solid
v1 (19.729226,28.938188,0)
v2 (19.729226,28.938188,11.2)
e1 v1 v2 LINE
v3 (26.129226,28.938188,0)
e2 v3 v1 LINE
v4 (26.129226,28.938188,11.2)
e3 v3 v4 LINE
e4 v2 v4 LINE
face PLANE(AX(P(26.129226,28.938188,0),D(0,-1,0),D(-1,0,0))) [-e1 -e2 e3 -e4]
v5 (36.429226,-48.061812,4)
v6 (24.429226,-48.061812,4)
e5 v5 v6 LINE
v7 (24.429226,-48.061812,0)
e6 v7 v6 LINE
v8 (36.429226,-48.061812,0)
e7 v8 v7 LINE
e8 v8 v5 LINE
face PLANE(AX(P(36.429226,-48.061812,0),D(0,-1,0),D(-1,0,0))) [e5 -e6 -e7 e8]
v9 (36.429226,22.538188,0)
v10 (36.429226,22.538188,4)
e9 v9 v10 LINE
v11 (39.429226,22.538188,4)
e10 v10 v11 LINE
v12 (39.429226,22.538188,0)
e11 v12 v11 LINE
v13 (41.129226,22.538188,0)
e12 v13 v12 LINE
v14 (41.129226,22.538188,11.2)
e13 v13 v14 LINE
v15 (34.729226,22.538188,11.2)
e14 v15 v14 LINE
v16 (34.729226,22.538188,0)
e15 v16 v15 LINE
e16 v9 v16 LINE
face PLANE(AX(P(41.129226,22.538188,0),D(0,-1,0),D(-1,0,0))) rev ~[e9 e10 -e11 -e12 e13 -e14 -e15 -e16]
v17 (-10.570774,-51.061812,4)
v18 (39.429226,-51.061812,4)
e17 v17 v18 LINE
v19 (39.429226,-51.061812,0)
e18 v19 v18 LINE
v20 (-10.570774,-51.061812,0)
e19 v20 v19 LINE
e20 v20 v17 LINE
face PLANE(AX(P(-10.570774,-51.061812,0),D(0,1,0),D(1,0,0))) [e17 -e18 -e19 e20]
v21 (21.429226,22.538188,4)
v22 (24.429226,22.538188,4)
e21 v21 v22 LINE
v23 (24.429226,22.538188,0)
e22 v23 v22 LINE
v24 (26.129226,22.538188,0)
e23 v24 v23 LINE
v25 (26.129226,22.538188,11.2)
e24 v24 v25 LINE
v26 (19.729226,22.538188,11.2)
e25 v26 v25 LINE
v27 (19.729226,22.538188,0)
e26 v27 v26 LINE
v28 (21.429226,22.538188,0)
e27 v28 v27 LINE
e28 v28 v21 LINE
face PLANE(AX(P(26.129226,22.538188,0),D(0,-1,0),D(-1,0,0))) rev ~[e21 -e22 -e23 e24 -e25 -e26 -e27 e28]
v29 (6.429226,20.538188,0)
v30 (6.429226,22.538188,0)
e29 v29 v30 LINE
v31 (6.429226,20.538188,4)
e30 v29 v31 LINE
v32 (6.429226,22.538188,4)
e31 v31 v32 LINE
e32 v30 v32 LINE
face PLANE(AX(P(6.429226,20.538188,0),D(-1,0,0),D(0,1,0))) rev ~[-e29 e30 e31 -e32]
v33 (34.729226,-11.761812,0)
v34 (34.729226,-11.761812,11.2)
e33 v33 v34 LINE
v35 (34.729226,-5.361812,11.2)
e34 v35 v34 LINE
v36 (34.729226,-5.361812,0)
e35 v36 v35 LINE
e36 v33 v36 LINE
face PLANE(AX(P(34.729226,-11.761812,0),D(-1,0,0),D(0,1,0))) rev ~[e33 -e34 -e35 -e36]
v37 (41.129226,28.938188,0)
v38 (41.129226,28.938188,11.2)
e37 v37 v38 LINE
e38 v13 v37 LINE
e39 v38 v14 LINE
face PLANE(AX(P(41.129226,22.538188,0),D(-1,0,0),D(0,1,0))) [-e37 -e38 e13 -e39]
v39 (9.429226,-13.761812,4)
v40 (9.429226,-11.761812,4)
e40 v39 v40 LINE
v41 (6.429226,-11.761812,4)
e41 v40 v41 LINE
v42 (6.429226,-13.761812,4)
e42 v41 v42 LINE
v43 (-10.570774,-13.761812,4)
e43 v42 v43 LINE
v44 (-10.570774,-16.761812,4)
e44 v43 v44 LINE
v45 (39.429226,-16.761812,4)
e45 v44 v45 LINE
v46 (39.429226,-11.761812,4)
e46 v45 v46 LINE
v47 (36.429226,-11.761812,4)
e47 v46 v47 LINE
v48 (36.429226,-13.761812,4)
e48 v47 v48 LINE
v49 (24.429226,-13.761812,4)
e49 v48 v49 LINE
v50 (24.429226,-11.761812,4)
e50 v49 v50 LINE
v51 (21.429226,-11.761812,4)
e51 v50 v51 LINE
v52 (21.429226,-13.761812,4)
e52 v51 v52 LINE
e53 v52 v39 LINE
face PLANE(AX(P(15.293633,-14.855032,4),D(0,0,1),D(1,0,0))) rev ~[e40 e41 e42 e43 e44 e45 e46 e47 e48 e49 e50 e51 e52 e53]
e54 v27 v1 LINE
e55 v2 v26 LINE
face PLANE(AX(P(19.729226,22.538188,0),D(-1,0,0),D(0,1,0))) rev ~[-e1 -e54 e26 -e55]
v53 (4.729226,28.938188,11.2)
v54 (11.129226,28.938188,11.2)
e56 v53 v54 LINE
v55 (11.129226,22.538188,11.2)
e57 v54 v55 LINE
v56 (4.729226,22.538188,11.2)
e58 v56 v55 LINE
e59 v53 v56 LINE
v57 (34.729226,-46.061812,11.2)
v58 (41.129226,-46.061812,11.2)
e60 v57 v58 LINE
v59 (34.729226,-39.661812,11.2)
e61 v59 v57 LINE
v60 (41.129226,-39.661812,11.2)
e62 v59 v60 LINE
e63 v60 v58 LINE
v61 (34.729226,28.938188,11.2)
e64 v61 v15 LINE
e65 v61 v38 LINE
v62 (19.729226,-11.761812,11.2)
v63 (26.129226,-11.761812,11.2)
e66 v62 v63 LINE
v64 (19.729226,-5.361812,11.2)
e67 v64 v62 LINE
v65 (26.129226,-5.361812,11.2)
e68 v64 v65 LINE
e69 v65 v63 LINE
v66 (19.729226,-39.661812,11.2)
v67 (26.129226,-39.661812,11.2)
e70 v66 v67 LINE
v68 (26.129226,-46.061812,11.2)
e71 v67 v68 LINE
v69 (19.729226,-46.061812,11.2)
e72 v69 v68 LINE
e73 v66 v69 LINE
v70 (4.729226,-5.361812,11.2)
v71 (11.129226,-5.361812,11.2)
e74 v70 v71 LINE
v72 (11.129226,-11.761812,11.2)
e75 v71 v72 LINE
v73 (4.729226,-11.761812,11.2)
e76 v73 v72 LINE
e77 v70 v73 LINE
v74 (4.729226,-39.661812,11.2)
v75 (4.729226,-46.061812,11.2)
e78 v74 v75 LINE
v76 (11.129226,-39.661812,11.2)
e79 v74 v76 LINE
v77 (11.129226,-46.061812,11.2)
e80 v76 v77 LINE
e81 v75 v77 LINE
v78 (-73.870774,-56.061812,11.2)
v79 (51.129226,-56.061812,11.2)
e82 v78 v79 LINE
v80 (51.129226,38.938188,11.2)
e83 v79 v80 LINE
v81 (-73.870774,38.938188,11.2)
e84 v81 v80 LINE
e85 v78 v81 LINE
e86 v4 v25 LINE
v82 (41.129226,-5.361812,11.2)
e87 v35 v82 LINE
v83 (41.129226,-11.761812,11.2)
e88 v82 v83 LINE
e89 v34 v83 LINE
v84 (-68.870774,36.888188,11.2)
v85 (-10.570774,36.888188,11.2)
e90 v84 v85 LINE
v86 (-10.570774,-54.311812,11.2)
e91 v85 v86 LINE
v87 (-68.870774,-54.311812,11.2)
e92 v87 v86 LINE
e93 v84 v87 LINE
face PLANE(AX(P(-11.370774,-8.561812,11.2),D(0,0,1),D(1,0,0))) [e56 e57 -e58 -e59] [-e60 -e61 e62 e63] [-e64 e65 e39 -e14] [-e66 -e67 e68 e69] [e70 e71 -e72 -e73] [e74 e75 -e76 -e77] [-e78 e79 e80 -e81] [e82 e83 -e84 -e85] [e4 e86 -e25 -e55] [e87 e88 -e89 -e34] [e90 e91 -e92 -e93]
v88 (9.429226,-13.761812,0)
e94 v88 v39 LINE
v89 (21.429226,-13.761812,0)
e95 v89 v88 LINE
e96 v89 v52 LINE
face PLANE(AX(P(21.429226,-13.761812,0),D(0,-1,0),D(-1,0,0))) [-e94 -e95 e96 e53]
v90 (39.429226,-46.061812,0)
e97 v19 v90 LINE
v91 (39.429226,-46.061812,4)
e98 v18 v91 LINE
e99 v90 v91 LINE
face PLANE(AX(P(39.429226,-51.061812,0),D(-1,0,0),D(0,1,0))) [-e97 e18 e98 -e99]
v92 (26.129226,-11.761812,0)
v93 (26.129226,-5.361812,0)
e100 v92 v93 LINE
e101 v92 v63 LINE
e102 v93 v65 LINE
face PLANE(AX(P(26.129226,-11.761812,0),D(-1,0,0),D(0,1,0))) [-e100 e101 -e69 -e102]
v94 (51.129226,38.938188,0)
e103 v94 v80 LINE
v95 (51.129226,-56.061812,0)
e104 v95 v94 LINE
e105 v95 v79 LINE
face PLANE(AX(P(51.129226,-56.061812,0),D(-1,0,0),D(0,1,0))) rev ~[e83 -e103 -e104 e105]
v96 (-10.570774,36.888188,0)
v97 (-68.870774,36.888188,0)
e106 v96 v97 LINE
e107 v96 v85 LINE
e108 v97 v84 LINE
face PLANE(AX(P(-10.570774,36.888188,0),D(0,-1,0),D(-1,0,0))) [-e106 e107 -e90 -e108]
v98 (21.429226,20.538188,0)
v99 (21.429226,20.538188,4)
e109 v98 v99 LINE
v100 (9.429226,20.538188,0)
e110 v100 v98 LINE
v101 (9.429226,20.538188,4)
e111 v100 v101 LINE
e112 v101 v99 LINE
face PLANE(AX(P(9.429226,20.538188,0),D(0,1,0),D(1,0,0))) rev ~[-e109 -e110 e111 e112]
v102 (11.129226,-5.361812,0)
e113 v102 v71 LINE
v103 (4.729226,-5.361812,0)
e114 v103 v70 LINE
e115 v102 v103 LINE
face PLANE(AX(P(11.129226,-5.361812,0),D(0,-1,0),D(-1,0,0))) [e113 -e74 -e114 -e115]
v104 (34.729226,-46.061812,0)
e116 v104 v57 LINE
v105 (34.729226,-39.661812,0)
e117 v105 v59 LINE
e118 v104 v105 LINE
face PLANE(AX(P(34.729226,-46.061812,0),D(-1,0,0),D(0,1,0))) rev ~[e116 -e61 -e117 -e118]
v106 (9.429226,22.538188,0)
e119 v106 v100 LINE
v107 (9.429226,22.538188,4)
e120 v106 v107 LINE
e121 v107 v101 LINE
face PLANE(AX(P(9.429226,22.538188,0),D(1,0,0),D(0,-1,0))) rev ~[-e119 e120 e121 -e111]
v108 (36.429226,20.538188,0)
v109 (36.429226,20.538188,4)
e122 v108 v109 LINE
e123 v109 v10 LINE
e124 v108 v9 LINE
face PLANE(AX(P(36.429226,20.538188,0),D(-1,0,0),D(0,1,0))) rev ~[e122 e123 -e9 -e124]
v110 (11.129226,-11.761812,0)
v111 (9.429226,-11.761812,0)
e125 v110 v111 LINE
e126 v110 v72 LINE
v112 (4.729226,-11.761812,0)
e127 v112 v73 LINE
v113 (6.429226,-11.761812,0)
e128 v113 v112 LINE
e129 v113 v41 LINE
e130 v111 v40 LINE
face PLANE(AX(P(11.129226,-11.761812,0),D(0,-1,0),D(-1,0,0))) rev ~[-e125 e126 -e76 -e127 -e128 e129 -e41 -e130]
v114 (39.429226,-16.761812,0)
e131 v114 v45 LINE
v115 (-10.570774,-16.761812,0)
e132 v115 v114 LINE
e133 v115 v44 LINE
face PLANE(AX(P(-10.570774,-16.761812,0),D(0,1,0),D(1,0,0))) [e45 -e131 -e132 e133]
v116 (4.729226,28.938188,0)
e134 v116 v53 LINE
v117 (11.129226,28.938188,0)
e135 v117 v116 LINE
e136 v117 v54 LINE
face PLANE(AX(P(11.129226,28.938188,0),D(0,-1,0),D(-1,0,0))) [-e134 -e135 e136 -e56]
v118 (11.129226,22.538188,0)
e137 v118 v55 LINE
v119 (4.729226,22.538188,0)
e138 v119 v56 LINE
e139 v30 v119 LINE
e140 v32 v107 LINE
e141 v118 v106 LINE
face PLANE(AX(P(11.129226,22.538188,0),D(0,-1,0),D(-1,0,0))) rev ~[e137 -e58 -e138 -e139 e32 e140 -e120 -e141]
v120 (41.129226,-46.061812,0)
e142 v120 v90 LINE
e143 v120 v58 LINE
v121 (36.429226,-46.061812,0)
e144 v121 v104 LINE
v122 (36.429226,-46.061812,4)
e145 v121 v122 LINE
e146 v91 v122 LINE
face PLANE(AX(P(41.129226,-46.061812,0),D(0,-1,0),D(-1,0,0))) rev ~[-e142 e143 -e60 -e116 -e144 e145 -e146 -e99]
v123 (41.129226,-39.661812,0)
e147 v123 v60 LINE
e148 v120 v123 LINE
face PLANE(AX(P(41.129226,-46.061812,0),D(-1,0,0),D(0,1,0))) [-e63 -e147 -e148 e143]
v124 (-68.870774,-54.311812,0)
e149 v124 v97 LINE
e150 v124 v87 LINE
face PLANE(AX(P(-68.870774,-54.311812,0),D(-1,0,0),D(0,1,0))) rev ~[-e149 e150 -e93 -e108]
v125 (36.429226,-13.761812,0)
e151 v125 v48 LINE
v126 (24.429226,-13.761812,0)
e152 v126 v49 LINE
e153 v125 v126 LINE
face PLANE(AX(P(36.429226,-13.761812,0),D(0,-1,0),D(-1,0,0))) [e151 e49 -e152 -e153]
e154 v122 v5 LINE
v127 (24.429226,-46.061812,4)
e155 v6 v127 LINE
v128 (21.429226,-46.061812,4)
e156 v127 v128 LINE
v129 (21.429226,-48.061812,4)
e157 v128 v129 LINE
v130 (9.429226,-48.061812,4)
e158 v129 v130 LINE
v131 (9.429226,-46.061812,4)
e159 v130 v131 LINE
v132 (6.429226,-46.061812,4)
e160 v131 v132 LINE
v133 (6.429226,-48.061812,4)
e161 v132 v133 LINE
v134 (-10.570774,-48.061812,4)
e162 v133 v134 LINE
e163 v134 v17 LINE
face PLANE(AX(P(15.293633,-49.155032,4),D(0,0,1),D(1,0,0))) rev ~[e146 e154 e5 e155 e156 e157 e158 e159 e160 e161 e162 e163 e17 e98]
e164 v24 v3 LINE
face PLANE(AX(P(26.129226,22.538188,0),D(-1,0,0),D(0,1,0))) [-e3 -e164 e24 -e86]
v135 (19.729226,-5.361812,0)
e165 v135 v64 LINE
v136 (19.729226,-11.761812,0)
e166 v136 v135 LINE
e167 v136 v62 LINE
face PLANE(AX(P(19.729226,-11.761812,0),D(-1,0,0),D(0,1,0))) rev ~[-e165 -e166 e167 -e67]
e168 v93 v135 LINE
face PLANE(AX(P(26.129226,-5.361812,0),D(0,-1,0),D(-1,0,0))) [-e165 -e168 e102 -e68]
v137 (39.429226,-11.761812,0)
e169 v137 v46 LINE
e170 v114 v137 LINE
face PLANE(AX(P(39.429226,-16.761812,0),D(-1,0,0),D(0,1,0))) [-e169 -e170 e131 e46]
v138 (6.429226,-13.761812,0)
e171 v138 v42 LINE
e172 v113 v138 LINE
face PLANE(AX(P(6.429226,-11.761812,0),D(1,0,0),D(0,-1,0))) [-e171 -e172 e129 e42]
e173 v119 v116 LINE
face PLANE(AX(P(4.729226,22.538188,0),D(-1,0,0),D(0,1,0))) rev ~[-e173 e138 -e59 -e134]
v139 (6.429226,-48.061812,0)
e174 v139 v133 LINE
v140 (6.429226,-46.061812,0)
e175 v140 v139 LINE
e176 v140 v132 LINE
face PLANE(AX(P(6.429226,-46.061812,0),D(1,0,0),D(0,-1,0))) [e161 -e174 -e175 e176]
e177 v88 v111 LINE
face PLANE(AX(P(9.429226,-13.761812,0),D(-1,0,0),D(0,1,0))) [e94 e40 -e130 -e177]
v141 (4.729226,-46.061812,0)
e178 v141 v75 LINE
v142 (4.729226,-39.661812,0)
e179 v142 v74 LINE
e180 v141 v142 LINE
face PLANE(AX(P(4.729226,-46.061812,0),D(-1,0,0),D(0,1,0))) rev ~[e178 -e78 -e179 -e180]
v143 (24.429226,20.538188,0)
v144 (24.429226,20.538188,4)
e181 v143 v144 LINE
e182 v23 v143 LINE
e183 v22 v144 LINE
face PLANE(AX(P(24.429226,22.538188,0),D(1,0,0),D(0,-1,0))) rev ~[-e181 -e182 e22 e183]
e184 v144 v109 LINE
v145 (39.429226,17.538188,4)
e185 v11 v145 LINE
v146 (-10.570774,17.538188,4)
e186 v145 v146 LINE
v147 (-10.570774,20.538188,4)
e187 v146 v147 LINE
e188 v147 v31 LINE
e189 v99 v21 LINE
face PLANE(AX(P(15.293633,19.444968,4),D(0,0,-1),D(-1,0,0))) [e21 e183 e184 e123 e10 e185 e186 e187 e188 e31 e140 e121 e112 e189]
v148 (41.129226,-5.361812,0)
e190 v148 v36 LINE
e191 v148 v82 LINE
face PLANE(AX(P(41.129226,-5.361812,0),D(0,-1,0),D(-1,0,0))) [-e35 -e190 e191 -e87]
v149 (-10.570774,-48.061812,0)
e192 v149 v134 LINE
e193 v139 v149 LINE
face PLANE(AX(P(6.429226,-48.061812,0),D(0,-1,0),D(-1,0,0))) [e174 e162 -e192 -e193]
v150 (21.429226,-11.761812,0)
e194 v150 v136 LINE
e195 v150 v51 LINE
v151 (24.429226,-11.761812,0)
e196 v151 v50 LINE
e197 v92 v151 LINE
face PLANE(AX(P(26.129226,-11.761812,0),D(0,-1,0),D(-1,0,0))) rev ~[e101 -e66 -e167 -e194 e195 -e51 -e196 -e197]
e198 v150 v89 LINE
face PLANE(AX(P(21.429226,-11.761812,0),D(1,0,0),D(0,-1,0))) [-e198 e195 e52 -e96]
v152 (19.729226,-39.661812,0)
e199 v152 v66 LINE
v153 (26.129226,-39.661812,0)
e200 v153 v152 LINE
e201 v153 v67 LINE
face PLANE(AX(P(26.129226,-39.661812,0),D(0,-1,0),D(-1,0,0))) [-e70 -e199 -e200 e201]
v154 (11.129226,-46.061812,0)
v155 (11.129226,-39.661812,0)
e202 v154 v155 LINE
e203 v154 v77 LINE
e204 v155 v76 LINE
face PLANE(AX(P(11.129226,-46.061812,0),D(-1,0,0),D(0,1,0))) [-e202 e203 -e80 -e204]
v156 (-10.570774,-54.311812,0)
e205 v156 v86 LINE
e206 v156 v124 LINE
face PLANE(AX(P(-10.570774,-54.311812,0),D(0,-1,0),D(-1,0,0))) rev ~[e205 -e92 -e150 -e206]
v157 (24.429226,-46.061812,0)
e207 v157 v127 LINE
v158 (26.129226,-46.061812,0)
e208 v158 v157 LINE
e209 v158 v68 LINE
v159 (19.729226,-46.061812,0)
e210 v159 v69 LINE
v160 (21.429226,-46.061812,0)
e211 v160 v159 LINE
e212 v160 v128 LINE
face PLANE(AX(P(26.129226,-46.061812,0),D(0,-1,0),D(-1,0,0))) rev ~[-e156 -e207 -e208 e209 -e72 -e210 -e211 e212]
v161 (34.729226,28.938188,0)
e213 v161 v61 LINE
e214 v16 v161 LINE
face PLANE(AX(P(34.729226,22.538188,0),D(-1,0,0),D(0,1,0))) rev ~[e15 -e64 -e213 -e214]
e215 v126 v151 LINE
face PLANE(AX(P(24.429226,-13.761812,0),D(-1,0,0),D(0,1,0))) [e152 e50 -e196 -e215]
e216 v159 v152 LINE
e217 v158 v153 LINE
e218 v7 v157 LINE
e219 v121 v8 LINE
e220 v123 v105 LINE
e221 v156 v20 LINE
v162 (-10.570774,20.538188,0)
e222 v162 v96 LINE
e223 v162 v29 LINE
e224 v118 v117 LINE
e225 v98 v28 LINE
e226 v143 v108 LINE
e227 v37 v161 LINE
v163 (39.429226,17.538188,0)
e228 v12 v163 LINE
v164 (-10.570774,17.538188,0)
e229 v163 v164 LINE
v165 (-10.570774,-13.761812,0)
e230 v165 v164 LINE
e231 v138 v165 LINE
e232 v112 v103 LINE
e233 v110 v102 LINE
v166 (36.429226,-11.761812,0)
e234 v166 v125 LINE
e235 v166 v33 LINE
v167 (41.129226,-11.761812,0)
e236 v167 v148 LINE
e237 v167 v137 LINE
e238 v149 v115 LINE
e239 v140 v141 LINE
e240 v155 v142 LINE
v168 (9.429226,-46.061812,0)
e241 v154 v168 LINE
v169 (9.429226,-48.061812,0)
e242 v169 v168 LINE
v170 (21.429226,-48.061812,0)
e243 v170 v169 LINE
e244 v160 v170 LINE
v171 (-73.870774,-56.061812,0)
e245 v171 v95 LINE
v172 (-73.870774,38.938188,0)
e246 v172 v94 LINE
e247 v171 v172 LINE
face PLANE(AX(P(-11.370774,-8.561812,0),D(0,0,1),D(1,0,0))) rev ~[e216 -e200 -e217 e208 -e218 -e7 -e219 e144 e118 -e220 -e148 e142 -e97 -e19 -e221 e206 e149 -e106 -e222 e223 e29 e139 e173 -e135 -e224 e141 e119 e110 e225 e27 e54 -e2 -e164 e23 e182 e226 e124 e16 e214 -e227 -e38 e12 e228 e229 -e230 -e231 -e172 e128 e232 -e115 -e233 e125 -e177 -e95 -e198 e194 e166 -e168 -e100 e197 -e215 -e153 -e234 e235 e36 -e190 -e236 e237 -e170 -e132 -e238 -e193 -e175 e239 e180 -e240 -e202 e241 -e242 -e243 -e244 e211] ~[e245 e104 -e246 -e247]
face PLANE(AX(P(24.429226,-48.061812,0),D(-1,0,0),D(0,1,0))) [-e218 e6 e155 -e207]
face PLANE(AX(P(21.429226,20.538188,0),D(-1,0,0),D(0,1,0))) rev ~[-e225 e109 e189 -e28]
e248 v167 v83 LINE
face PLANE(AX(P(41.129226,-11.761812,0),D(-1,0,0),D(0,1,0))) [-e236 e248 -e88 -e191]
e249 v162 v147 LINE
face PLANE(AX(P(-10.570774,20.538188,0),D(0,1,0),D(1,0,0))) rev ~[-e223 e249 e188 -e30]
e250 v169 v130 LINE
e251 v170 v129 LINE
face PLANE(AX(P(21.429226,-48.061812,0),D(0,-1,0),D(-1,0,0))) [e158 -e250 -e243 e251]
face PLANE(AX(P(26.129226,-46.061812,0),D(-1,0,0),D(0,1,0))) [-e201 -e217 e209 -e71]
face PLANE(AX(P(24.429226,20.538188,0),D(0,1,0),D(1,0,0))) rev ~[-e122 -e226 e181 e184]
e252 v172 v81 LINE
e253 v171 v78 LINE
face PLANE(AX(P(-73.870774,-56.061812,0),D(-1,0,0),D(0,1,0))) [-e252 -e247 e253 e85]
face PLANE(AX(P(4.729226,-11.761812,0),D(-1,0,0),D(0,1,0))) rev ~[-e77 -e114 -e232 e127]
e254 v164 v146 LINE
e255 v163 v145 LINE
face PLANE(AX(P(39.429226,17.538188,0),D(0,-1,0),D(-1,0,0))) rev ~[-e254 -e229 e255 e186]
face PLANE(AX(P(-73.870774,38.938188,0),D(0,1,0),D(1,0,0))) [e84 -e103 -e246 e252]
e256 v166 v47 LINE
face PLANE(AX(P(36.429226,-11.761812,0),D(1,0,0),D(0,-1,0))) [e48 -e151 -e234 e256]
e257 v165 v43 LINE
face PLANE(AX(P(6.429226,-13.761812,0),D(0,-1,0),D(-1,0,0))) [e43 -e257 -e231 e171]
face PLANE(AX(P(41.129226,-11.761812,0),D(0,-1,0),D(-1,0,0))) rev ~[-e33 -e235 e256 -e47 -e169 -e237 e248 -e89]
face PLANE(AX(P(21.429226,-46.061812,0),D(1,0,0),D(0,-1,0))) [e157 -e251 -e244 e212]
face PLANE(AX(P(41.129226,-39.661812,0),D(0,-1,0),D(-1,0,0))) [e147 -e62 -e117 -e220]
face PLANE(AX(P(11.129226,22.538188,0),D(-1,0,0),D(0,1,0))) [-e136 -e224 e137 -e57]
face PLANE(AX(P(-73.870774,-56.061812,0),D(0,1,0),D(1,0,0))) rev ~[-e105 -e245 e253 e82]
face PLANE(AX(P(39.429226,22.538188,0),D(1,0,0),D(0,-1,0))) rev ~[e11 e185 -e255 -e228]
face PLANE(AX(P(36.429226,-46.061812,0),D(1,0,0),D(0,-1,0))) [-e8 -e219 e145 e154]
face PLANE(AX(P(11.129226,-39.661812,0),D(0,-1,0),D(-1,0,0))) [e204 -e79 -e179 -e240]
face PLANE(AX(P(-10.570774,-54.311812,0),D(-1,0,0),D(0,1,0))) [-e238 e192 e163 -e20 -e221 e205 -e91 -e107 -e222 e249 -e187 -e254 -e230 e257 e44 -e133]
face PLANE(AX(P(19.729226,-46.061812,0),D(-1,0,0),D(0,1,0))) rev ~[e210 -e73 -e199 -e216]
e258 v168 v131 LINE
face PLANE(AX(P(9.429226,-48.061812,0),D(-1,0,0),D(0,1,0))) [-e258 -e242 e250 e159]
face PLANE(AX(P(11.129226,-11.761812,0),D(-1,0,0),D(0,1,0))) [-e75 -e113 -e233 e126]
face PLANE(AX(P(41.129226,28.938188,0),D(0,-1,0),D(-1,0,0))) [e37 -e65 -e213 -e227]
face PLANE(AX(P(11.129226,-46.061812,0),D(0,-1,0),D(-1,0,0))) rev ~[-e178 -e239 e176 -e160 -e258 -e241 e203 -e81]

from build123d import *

# Parameters (mm, degrees)
CROQUIS1_W              = 125
CROQUIS1_H              = 95
SALIENTE_EXTRUIR1_DEPTH = 11.2
CROQUIS2_W              = 58.3
CROQUIS2_H              = 91.2
CROQUIS2_W_2            = 6.4
CROQUIS2_H_2            = 6.4
CORTAR_EXTRUIR1_DEPTH   = 32.5
CORTAR_EXTRUIR2_DEPTH   = 4


with BuildPart() as part:
    # Croquis1 → Saliente-Extruir1 (new body)
    with BuildSketch(Plane.XY):
        with Locations((-11.370773818, -8.561811531)):
            Rectangle(CROQUIS1_W, CROQUIS1_H)
    extrude(amount=SALIENTE_EXTRUIR1_DEPTH)

    # Croquis2 → Cortar-Extruir1 (cut)
    with BuildSketch(Plane(origin=(0, 0, 0), x_dir=(-1, 0, 0), z_dir=(0, 0, -1))):
        with Locations((39.720773818, -8.711811531)):
            Rectangle(CROQUIS2_W, CROQUIS2_H)
        with Locations((-37.929226182, 25.738188469)):
            Rectangle(CROQUIS2_W_2, CROQUIS2_H_2)
        with Locations((-22.929226182, 25.738188469)):
            Rectangle(CROQUIS2_W_2, CROQUIS2_H_2)
        with Locations((-7.929226182, 25.738188469)):
            Rectangle(CROQUIS2_W_2, CROQUIS2_H_2)
        with Locations((-22.929226182, -8.561811531)):
            Rectangle(CROQUIS2_W_2, CROQUIS2_H_2)
        with Locations((-7.929226182, -8.561811531)):
            Rectangle(CROQUIS2_W_2, CROQUIS2_H_2)
        with Locations((-22.929226182, -42.861811531)):
            Rectangle(CROQUIS2_W_2, CROQUIS2_H_2)
        with Locations((-7.929226182, -42.861811531)):
            Rectangle(CROQUIS2_W_2, CROQUIS2_H_2)
        with Locations((-37.929226182, -8.561811531)):
            Rectangle(CROQUIS2_W_2, CROQUIS2_H_2)
        with Locations((-37.929226182, -42.861811531)):
            Rectangle(CROQUIS2_W_2, CROQUIS2_H_2)
    extrude(amount=-CORTAR_EXTRUIR1_DEPTH, mode=Mode.SUBTRACT)

    # Croquis3 → Cortar-Extruir2 (cut)
    with BuildSketch(Plane(origin=(0, 0, 0), x_dir=(-1, 0, 0), z_dir=(0, 0, -1))):
        Polygon((-39.429226182, 22.538188469), (-39.429226182, 17.538188469), (10.570773818, 17.538188469), (10.570773818, 20.538188469), (-6.429226182, 20.538188469), (-6.429226182, 22.538188469), (-9.429226182, 22.538188469), (-9.429226182, 20.538188469), (-21.429226182, 20.538188469), (-21.429226182, 22.538188469), (-24.429226182, 22.538188469), (-24.429226182, 20.538188469), (-36.429226182, 20.538188469), (-36.429226182, 22.538188469), align=None)
        Polygon((-9.429226182, -11.761811531), (-6.429226182, -11.761811531), (-6.429226182, -13.761811531), (10.570773818, -13.761811531), (10.570773818, -16.761811531), (-39.429226182, -16.761811531), (-39.429226182, -11.761811531), (-36.429226182, -11.761811531), (-36.429226182, -13.761811531), (-24.429226182, -13.761811531), (-24.429226182, -11.761811531), (-21.429226182, -11.761811531), (-21.429226182, -13.761811531), (-9.429226182, -13.761811531), align=None)
        Polygon((-9.429226182, -46.061811531), (-6.429226182, -46.061811531), (-6.429226182, -48.061811531), (10.570773818, -48.061811531), (10.570773818, -51.061811531), (-39.429226182, -51.061811531), (-39.429226182, -46.061811531), (-36.429226182, -46.061811531), (-36.429226182, -48.061811531), (-24.429226182, -48.061811531), (-24.429226182, -46.061811531), (-21.429226182, -46.061811531), (-21.429226182, -48.061811531), (-9.429226182, -48.061811531), align=None)
    extrude(amount=-CORTAR_EXTRUIR2_DEPTH, mode=Mode.SUBTRACT)


solid = part.part
